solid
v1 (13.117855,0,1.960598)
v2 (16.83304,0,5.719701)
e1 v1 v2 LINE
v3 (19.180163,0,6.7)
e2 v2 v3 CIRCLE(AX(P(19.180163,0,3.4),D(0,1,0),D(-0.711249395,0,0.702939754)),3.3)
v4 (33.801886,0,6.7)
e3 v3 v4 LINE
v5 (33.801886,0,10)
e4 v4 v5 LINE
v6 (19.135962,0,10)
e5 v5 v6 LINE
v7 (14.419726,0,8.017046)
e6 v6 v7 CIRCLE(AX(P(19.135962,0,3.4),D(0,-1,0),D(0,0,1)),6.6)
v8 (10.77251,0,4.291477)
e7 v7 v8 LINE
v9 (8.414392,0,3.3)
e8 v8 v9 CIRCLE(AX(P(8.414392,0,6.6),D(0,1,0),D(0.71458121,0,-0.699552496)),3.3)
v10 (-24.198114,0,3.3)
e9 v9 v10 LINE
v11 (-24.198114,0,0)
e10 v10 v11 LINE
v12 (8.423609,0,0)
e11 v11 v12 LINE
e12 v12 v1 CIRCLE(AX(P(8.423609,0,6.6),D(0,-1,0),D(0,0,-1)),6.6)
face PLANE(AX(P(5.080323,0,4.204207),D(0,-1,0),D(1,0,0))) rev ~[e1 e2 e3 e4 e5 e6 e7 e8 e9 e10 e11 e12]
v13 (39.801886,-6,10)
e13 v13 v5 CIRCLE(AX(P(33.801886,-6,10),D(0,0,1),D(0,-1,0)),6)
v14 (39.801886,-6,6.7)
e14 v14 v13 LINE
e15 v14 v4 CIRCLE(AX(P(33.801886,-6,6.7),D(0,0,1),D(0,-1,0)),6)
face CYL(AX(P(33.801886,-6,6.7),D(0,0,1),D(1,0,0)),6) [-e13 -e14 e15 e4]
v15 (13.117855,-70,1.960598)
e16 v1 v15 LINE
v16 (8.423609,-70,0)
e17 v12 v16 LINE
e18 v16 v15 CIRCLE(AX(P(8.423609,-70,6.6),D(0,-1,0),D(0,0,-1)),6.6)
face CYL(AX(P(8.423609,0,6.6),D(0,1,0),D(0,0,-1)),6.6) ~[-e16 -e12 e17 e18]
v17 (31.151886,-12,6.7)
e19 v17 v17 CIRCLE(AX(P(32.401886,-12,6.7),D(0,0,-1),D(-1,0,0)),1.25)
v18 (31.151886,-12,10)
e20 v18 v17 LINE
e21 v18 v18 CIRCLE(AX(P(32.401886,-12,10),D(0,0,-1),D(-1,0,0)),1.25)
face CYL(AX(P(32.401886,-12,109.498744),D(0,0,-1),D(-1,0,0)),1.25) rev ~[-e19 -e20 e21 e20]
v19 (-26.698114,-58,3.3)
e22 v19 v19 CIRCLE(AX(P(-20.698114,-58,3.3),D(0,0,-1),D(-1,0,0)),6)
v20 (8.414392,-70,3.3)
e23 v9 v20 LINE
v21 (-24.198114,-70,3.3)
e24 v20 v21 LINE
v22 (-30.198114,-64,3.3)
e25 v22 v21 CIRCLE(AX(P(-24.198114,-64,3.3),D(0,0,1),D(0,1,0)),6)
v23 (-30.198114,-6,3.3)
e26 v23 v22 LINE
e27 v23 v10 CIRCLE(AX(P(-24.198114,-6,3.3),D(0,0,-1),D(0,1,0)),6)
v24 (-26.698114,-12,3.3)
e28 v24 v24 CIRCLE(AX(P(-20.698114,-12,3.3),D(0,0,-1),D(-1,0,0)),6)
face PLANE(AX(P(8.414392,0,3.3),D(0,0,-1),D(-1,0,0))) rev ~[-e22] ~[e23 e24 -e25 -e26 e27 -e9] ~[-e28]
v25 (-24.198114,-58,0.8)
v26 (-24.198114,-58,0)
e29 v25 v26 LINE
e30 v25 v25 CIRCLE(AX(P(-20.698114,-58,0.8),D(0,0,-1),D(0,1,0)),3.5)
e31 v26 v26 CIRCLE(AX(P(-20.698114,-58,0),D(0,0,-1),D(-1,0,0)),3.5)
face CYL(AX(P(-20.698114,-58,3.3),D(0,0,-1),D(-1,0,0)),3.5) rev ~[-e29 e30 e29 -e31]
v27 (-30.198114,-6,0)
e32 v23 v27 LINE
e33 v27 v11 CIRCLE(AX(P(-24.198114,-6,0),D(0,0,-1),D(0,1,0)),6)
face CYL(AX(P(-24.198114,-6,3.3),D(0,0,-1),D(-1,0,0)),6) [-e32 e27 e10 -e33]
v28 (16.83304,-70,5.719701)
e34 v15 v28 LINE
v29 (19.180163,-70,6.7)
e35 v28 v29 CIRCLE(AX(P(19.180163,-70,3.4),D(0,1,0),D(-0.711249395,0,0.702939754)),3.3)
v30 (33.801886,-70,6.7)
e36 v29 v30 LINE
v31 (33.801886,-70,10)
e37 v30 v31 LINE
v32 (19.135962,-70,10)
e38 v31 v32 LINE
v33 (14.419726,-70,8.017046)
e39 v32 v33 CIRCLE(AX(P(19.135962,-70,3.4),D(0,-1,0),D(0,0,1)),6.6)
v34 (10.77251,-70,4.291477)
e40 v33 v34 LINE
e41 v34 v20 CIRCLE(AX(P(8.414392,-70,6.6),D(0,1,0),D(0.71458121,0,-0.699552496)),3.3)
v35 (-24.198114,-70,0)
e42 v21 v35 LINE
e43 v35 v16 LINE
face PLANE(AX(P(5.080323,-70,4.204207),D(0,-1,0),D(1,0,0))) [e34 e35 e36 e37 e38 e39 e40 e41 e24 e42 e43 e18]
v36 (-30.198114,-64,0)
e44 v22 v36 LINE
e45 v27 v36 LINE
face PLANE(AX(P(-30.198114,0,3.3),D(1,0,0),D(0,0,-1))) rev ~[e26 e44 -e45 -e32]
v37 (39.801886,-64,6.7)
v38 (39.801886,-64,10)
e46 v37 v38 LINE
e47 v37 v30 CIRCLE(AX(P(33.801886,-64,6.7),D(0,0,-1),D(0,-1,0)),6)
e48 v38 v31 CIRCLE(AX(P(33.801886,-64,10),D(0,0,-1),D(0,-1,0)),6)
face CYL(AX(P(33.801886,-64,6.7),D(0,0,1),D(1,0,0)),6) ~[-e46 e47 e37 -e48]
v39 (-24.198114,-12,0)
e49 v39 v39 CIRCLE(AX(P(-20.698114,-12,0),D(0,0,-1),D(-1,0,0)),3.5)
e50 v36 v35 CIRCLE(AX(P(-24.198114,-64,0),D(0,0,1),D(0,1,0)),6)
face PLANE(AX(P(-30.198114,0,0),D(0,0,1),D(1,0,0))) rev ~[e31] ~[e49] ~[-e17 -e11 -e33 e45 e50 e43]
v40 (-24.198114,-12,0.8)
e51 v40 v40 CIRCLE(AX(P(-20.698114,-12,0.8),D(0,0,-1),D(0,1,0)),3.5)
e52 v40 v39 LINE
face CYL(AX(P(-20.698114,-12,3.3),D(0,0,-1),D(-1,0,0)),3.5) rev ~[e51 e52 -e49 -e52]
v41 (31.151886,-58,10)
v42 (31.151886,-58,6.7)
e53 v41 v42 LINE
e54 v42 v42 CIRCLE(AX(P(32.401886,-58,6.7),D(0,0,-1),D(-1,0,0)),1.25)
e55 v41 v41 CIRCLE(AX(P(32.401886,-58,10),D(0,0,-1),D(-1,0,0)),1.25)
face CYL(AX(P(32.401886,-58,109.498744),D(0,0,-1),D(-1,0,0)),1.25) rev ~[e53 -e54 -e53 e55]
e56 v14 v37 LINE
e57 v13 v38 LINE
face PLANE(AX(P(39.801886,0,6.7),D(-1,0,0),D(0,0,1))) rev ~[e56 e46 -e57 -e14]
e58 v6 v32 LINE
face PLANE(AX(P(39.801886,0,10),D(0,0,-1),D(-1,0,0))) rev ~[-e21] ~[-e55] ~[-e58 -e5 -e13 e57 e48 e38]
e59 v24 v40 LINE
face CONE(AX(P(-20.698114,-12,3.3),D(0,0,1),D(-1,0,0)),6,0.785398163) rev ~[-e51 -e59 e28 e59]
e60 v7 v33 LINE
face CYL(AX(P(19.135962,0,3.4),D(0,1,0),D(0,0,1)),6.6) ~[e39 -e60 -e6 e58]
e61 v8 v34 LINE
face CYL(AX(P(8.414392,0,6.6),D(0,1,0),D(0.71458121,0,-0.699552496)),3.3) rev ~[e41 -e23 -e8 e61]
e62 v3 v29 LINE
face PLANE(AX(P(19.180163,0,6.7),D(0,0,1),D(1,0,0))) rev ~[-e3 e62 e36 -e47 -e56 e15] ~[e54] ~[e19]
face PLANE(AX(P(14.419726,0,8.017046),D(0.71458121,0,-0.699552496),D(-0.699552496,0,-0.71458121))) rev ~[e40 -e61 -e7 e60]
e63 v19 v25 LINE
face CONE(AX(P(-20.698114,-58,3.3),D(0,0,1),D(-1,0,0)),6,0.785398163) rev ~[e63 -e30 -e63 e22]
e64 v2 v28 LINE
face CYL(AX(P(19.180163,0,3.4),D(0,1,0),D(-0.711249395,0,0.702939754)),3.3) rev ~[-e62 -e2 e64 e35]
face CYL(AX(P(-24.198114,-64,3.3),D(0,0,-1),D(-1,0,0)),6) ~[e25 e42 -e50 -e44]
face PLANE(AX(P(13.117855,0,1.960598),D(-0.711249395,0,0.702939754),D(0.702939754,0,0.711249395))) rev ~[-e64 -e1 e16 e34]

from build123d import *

# Parameters (mm, degrees)
F1_DEPTH       = 70
F2_R           = 6
F4_D           = 2.5
F6_D           = 7
F6_CSINK_D     = 12
F6_CSINK_ANGLE = 90


with BuildPart() as f1:
    # F0 (on Front) → F1 (new body)
    with BuildSketch(Plane.XZ):
        with BuildLine():
            Line((-30.1981142707, 3.3), (-30.1981142707, 0))
            Line((-30.1981142707, 0), (8.4236085474, 0))
            ThreePointArc((8.4236085474, 0), (10.9672225435, 0.509841723), (13.117854557, 1.9605976245))
            Line((13.117854557, 1.9605976245), (16.8330399063, 5.7197011877))
            ThreePointArc((16.8330399063, 5.7197011877), (17.9083559131, 6.4450791385), (19.1801629111, 6.7))
            Line((19.1801629111, 6.7), (39.8018857293, 6.7))
            Line((39.8018857293, 6.7), (39.8018857293, 10))
            Line((39.8018857293, 10), (19.1359616287, 10))
            ThreePointArc((19.1359616287, 10), (16.5778868369, 9.4840984015), (14.4197256433, 8.0170464726))
            Line((14.4197256433, 8.0170464726), (10.7725102503, 4.2914767637))
            ThreePointArc((10.7725102503, 4.2914767637), (9.6934296535, 3.5579507992), (8.4143922576, 3.3))
            Line((8.4143922576, 3.3), (-30.1981142707, 3.3))
        make_face()
    extrude(amount=F1_DEPTH)

    # F2
    f2_edges = [f1.edges().sort_by_distance(p)[0] for p in [
        (-30.198114, 0, 1.65),
        (-30.198114, -70, 1.65),
        (39.801886, -70, 8.35),
        (39.801886, 0, 8.35),
    ]]
    fillet(f2_edges, radius=F2_R)

    # F4 (through all)
    with Locations(Plane.XY.offset(10)):
        with Locations((32.4018857293, -12), (32.4018857293, -58)):
            Hole(F4_D / 2)

    # F6 (through all)
    with Locations(Plane.XY.offset(3.3)):
        with Locations((-20.6981142707, -12), (-20.6981142707, -58)):
            CounterSinkHole(F6_D / 2, F6_CSINK_D / 2, counter_sink_angle=F6_CSINK_ANGLE)


solid = f1.part
